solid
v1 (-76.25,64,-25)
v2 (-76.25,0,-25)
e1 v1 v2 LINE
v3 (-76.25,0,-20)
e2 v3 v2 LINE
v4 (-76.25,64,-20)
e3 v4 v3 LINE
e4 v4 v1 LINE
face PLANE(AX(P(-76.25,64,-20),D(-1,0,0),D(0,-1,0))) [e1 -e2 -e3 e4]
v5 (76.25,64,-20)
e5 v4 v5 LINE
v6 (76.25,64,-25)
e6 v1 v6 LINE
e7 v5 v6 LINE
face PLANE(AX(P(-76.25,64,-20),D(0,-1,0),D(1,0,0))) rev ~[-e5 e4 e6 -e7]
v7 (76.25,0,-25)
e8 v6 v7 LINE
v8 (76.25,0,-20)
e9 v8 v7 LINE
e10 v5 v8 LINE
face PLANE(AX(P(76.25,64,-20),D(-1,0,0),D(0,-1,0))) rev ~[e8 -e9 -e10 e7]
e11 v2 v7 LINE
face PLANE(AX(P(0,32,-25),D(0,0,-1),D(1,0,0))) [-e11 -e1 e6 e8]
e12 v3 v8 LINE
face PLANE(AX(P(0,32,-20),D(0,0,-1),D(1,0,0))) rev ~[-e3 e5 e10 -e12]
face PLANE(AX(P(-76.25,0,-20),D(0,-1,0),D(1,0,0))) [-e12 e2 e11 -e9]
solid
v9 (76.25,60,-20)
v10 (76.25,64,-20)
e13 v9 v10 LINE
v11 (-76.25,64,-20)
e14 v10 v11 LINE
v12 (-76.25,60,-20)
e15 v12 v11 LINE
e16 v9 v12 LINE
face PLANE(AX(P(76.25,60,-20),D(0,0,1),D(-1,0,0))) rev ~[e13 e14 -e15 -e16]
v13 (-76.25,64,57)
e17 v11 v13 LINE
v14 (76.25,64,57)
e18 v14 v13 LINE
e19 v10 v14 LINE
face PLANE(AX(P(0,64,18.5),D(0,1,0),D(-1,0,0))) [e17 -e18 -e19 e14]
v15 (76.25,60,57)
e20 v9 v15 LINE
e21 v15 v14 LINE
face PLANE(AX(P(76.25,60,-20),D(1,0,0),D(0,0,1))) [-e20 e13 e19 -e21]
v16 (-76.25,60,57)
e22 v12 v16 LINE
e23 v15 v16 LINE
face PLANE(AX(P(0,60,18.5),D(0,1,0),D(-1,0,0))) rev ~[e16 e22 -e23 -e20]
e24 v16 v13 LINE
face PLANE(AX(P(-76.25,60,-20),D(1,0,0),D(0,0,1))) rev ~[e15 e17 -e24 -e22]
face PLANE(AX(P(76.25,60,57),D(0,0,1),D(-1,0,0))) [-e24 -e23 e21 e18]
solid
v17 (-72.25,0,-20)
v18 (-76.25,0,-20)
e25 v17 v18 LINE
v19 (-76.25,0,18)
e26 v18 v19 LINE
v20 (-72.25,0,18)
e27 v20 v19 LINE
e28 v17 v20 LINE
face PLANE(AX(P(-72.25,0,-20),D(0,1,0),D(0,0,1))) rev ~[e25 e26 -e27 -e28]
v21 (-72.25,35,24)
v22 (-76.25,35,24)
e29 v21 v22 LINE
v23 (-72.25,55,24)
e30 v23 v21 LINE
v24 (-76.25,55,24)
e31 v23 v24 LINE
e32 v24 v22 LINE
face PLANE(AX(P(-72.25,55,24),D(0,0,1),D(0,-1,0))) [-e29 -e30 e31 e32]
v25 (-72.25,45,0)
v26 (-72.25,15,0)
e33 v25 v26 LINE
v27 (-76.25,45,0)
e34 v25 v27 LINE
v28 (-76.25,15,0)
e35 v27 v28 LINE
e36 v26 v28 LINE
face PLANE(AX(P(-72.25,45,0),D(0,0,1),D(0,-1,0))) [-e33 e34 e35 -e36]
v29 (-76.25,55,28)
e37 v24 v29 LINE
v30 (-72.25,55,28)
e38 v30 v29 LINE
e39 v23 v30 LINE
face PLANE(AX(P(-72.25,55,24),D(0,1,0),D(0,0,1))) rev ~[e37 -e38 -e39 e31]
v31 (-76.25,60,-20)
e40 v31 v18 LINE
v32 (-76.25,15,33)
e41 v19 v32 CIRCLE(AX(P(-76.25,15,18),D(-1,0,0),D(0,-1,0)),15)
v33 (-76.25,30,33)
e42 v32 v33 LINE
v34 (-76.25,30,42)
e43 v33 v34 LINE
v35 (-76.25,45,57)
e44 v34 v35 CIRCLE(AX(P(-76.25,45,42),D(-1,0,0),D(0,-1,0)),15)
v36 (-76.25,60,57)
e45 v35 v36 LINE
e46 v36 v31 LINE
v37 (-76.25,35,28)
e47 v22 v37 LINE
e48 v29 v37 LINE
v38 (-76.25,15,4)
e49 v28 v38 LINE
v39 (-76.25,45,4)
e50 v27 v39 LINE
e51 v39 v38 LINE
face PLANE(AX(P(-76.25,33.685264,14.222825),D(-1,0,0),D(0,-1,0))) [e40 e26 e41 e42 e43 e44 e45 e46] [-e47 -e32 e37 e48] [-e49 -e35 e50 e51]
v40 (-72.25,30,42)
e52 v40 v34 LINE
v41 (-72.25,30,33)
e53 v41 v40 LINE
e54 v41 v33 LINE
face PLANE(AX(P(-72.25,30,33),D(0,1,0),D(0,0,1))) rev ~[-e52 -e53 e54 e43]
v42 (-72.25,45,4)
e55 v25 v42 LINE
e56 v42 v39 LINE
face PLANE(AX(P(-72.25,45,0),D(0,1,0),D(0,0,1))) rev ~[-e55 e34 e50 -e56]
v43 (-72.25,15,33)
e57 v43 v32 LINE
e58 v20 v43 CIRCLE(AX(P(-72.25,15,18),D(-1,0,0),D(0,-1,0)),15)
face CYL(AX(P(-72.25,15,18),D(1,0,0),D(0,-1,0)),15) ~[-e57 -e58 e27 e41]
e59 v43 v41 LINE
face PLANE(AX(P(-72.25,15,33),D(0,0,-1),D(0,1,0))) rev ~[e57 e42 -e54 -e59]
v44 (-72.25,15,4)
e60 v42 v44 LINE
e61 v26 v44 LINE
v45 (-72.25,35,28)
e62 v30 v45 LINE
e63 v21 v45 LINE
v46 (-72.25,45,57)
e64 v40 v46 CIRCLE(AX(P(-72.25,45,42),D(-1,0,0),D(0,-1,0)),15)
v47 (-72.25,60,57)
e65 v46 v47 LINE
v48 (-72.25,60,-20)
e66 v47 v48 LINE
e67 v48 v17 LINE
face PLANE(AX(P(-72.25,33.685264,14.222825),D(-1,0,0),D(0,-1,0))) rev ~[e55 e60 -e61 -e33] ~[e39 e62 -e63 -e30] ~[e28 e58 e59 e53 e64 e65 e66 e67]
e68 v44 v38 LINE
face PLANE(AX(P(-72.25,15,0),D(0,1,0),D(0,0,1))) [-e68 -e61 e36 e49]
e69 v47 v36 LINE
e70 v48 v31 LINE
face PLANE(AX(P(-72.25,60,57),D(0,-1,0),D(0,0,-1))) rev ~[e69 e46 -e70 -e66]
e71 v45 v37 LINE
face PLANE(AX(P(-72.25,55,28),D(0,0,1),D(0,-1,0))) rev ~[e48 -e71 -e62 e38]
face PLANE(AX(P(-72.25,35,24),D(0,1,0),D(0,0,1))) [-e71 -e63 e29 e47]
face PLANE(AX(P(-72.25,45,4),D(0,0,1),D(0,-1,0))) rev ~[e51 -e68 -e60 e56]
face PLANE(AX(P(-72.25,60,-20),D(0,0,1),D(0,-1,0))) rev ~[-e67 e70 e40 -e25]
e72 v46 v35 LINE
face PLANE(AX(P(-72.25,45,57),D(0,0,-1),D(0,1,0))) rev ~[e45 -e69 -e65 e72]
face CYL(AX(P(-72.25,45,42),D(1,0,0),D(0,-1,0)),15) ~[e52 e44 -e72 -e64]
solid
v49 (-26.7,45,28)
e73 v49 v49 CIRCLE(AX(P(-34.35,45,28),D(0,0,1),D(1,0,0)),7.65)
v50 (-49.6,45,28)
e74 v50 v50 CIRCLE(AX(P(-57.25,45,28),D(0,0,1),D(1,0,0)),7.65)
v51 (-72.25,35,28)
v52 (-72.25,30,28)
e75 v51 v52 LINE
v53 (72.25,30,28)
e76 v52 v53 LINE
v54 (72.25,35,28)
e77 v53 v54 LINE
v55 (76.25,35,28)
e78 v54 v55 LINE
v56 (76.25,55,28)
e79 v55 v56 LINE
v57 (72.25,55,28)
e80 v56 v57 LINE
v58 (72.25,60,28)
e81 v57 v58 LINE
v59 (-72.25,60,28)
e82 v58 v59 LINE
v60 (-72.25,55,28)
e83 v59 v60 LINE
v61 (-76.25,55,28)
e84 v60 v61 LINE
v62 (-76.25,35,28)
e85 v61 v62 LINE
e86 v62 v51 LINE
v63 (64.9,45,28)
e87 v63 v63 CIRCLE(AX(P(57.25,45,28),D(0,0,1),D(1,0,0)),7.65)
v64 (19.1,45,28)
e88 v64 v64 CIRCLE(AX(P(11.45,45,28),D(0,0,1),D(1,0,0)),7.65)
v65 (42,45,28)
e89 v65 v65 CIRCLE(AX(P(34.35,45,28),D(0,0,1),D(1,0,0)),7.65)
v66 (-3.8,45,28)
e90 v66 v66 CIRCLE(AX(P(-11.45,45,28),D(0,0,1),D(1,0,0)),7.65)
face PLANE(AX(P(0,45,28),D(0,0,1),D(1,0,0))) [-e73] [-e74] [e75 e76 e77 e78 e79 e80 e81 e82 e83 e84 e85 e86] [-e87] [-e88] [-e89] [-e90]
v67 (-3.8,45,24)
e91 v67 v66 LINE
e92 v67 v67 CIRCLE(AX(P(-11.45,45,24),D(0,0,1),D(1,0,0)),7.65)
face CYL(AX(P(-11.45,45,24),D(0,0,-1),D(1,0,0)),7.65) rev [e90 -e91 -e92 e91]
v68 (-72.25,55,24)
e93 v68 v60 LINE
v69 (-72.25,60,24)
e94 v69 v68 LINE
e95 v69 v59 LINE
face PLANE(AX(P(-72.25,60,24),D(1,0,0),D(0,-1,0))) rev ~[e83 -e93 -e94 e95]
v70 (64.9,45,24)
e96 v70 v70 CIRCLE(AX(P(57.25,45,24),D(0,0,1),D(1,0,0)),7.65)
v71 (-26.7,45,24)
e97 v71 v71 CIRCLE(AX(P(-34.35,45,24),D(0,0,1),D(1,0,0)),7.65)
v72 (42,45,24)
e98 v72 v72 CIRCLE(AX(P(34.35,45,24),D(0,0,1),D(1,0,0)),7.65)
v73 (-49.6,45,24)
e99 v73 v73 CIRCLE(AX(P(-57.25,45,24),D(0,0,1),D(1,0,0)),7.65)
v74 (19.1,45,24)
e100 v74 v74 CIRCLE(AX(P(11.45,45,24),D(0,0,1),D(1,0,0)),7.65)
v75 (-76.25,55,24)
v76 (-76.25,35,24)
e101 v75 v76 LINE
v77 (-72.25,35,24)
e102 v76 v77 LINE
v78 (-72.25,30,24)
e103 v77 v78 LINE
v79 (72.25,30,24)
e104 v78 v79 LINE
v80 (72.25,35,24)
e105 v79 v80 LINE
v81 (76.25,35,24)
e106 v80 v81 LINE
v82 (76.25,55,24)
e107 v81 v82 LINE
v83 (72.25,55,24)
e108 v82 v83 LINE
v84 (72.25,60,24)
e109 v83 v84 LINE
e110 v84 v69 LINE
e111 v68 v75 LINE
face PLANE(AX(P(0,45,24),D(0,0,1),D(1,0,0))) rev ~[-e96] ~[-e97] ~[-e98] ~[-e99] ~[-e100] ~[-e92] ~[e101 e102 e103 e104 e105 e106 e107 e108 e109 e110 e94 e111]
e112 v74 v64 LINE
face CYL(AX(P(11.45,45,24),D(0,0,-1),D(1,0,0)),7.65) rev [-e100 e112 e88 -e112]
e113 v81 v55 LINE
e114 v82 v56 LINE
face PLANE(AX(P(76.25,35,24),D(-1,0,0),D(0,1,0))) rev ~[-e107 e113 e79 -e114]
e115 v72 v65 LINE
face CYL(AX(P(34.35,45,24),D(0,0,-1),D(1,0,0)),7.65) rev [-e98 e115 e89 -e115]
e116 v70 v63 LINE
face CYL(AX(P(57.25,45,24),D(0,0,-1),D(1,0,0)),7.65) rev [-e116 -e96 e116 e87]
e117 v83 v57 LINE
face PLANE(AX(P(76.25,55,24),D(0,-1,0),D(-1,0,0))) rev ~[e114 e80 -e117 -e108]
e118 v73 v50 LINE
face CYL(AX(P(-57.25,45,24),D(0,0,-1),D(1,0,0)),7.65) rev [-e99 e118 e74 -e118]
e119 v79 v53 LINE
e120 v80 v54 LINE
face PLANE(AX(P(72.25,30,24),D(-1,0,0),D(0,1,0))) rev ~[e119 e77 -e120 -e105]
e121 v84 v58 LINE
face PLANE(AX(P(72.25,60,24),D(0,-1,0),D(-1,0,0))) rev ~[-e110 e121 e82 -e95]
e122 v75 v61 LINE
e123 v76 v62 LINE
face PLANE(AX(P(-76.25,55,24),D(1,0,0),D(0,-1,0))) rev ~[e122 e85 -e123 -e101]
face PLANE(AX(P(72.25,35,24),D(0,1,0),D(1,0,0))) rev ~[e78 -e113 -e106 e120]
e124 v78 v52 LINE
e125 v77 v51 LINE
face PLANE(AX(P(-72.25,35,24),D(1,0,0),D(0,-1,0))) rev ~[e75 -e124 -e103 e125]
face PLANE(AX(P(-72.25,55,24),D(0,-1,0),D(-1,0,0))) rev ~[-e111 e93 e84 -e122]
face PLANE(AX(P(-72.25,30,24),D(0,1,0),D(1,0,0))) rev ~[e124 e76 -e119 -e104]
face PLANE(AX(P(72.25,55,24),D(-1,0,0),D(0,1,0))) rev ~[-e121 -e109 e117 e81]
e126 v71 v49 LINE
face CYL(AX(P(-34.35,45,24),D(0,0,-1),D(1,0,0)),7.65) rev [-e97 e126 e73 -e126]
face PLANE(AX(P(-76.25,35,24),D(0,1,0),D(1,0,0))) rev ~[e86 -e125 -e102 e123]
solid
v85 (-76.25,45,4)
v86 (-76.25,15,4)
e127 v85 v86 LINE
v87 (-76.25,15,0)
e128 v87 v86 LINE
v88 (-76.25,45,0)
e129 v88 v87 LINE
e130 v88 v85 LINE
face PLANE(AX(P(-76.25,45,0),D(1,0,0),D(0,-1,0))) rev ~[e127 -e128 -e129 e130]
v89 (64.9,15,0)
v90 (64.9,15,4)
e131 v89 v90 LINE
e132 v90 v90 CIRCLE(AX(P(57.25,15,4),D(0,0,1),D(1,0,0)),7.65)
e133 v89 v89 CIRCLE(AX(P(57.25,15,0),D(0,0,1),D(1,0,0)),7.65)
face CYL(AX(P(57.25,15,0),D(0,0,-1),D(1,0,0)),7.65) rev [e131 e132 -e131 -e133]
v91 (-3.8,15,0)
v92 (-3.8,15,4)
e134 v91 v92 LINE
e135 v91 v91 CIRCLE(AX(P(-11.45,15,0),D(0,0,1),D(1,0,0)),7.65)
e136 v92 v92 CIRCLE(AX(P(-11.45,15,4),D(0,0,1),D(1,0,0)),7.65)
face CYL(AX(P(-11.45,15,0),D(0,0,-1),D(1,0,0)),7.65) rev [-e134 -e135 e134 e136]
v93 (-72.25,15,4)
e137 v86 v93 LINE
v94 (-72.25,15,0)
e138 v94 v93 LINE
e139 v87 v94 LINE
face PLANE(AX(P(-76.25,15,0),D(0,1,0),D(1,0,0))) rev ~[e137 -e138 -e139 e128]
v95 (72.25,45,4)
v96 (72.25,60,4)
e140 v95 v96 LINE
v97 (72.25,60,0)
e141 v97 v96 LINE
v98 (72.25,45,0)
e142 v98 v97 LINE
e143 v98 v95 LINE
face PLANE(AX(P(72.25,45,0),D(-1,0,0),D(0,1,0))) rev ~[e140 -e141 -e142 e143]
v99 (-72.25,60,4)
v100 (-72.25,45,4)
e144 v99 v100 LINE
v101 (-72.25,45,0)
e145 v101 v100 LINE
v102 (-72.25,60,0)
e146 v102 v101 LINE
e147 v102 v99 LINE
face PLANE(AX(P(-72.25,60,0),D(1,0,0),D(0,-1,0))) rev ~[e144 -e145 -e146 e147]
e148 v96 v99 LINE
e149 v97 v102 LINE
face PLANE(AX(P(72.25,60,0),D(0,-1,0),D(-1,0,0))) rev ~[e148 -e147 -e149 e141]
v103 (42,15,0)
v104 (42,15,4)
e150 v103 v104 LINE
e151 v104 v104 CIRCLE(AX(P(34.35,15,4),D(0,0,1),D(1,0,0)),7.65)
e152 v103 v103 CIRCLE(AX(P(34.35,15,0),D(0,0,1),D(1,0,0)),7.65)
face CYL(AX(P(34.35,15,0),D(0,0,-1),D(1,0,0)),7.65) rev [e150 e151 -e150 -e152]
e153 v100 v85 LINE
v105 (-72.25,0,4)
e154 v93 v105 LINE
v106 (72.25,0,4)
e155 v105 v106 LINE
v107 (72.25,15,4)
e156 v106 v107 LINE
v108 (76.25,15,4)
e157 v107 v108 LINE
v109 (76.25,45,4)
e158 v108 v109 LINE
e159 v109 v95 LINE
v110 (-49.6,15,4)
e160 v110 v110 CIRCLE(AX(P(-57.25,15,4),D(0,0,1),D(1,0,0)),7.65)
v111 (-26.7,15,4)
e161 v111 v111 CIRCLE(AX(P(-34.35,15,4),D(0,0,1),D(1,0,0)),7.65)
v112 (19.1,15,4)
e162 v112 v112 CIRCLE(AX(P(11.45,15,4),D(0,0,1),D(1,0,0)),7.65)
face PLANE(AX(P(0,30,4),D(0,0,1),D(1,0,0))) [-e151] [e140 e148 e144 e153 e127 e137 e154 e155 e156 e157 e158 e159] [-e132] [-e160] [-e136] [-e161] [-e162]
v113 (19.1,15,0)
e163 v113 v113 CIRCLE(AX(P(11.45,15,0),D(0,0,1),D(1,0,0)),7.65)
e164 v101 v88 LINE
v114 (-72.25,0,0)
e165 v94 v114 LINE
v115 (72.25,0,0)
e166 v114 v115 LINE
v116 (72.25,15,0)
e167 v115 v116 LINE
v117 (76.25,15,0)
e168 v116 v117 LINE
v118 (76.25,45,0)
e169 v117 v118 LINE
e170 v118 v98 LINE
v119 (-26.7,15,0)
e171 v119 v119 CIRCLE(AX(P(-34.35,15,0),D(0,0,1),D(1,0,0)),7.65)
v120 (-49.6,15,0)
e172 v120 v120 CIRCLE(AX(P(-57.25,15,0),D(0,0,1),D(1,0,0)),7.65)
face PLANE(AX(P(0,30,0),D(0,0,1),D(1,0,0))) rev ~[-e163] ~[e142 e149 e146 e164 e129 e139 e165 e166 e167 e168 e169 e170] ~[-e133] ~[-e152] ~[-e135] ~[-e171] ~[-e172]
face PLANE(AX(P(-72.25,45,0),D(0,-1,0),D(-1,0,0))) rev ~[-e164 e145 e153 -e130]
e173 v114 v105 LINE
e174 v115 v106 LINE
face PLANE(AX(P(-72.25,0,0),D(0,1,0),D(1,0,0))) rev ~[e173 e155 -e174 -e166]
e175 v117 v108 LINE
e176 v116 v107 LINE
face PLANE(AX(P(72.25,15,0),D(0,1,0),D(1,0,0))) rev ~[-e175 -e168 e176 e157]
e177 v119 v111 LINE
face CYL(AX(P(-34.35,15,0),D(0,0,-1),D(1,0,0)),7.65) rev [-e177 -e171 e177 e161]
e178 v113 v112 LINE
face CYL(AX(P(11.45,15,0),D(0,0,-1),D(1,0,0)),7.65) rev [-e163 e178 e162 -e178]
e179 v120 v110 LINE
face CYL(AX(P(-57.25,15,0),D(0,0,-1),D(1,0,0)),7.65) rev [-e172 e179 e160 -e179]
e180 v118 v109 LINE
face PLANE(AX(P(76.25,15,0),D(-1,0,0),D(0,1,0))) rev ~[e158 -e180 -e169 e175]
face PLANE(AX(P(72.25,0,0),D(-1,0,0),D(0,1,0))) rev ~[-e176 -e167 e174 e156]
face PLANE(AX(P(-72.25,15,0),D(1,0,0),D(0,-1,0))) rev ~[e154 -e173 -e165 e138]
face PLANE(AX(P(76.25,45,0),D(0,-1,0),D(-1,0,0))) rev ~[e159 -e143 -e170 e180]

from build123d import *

# Parameters (mm, degrees)
F0_R      = 7.65
F1_DEPTH  = 4
F2_W      = 30
F2_H      = 4
F2_W_2    = 20
F3_DEPTH  = 4
F5_R      = 7.65
F6_DEPTH  = 4
F7_W      = 152.5
F7_H      = 77
F8_DEPTH  = 4
F9_W      = 152.5
F9_H      = 64
F10_DEPTH = 5


with BuildPart() as f1:
    # F0 (on Top) → F1 (new body)
    with BuildSketch(Plane.XY):
        Polygon((72.25, 60), (-72.25, 60), (-72.25, 45), (-76.25, 45), (-76.25, 15), (-72.25, 15), (-72.25, 0), (72.25, 0), (72.25, 15), (76.25, 15), (76.25, 45), (72.25, 45), align=None)
        with Locations((-57.25, 15)):
            Circle(F0_R, mode=Mode.SUBTRACT)
        with Locations((-34.35, 15)):
            Circle(F0_R, mode=Mode.SUBTRACT)
        with Locations((-11.45, 15)):
            Circle(F0_R, mode=Mode.SUBTRACT)
        with Locations((11.45, 15)):
            Circle(F0_R, mode=Mode.SUBTRACT)
        with Locations((34.35, 15)):
            Circle(F0_R, mode=Mode.SUBTRACT)
        with Locations((57.25, 15)):
            Circle(F0_R, mode=Mode.SUBTRACT)
    extrude(amount=F1_DEPTH)


with BuildPart() as f3:
    # F2 (on face) → F3 (new body)
    with BuildSketch(Plane(origin=(-72.25, 0, 0), x_dir=(0, -1, 0), z_dir=(-1, 0, 0))):
        with BuildLine():
            Line((-60, 33), (-60, -20))
            Line((-60, -20), (0, -20))
            Line((0, -20), (0, 18))
            ThreePointArc((0, 18), (-4.3933982822, 28.6066017178), (-15, 33))
            Line((-15, 33), (-30, 33))
            Line((-30, 33), (-30, 42))
            ThreePointArc((-30, 42), (-34.3933982822, 52.6066017178), (-45, 57))
            Line((-45, 57), (-60, 57))
            Line((-60, 57), (-60, 33))
        make_face()
        with Locations((-30, 2)):
            Rectangle(F2_W, F2_H, mode=Mode.SUBTRACT)
        with Locations((-45, 26)):
            Rectangle(F2_W_2, F2_H, mode=Mode.SUBTRACT)
    extrude(amount=F3_DEPTH)


with BuildPart() as f6:
    # F5 (on offset) → F6 (new body)
    with BuildSketch(Plane.XY.offset(24)):
        Polygon((72.25, 60), (-72.25, 60), (-72.25, 55), (-76.25, 55), (-76.25, 35), (-72.25, 35), (-72.25, 30), (72.25, 30), (72.25, 35), (76.25, 35), (76.25, 55), (72.25, 55), align=None)
        with Locations((-57.25, 45)):
            Circle(F5_R, mode=Mode.SUBTRACT)
        with Locations((-34.35, 45)):
            Circle(F5_R, mode=Mode.SUBTRACT)
        with Locations((-11.45, 45)):
            Circle(F5_R, mode=Mode.SUBTRACT)
        with Locations((11.45, 45)):
            Circle(F5_R, mode=Mode.SUBTRACT)
        with Locations((34.35, 45)):
            Circle(F5_R, mode=Mode.SUBTRACT)
        with Locations((57.25, 45)):
            Circle(F5_R, mode=Mode.SUBTRACT)
    extrude(amount=F6_DEPTH)


with BuildPart() as f8:
    # F7 (on face) → F8 (new body)
    with BuildSketch(Plane(origin=(0, 60, 0), x_dir=(-1, 0, 0), z_dir=(0, 1, 0))):
        with Locations((0, 18.5)):
            Rectangle(F7_W, F7_H)
    extrude(amount=F8_DEPTH)


with BuildPart() as f10:
    # F9 (on face) → F10 (new body)
    with BuildSketch(Plane(origin=(0, 0, -20), x_dir=(1, 0, 0), z_dir=(0, 0, -1))):
        with Locations((0, -32)):
            Rectangle(F9_W, F9_H)
    extrude(amount=F10_DEPTH)


solid = Compound([f1.part, f3.part, f6.part, f8.part, f10.part])
